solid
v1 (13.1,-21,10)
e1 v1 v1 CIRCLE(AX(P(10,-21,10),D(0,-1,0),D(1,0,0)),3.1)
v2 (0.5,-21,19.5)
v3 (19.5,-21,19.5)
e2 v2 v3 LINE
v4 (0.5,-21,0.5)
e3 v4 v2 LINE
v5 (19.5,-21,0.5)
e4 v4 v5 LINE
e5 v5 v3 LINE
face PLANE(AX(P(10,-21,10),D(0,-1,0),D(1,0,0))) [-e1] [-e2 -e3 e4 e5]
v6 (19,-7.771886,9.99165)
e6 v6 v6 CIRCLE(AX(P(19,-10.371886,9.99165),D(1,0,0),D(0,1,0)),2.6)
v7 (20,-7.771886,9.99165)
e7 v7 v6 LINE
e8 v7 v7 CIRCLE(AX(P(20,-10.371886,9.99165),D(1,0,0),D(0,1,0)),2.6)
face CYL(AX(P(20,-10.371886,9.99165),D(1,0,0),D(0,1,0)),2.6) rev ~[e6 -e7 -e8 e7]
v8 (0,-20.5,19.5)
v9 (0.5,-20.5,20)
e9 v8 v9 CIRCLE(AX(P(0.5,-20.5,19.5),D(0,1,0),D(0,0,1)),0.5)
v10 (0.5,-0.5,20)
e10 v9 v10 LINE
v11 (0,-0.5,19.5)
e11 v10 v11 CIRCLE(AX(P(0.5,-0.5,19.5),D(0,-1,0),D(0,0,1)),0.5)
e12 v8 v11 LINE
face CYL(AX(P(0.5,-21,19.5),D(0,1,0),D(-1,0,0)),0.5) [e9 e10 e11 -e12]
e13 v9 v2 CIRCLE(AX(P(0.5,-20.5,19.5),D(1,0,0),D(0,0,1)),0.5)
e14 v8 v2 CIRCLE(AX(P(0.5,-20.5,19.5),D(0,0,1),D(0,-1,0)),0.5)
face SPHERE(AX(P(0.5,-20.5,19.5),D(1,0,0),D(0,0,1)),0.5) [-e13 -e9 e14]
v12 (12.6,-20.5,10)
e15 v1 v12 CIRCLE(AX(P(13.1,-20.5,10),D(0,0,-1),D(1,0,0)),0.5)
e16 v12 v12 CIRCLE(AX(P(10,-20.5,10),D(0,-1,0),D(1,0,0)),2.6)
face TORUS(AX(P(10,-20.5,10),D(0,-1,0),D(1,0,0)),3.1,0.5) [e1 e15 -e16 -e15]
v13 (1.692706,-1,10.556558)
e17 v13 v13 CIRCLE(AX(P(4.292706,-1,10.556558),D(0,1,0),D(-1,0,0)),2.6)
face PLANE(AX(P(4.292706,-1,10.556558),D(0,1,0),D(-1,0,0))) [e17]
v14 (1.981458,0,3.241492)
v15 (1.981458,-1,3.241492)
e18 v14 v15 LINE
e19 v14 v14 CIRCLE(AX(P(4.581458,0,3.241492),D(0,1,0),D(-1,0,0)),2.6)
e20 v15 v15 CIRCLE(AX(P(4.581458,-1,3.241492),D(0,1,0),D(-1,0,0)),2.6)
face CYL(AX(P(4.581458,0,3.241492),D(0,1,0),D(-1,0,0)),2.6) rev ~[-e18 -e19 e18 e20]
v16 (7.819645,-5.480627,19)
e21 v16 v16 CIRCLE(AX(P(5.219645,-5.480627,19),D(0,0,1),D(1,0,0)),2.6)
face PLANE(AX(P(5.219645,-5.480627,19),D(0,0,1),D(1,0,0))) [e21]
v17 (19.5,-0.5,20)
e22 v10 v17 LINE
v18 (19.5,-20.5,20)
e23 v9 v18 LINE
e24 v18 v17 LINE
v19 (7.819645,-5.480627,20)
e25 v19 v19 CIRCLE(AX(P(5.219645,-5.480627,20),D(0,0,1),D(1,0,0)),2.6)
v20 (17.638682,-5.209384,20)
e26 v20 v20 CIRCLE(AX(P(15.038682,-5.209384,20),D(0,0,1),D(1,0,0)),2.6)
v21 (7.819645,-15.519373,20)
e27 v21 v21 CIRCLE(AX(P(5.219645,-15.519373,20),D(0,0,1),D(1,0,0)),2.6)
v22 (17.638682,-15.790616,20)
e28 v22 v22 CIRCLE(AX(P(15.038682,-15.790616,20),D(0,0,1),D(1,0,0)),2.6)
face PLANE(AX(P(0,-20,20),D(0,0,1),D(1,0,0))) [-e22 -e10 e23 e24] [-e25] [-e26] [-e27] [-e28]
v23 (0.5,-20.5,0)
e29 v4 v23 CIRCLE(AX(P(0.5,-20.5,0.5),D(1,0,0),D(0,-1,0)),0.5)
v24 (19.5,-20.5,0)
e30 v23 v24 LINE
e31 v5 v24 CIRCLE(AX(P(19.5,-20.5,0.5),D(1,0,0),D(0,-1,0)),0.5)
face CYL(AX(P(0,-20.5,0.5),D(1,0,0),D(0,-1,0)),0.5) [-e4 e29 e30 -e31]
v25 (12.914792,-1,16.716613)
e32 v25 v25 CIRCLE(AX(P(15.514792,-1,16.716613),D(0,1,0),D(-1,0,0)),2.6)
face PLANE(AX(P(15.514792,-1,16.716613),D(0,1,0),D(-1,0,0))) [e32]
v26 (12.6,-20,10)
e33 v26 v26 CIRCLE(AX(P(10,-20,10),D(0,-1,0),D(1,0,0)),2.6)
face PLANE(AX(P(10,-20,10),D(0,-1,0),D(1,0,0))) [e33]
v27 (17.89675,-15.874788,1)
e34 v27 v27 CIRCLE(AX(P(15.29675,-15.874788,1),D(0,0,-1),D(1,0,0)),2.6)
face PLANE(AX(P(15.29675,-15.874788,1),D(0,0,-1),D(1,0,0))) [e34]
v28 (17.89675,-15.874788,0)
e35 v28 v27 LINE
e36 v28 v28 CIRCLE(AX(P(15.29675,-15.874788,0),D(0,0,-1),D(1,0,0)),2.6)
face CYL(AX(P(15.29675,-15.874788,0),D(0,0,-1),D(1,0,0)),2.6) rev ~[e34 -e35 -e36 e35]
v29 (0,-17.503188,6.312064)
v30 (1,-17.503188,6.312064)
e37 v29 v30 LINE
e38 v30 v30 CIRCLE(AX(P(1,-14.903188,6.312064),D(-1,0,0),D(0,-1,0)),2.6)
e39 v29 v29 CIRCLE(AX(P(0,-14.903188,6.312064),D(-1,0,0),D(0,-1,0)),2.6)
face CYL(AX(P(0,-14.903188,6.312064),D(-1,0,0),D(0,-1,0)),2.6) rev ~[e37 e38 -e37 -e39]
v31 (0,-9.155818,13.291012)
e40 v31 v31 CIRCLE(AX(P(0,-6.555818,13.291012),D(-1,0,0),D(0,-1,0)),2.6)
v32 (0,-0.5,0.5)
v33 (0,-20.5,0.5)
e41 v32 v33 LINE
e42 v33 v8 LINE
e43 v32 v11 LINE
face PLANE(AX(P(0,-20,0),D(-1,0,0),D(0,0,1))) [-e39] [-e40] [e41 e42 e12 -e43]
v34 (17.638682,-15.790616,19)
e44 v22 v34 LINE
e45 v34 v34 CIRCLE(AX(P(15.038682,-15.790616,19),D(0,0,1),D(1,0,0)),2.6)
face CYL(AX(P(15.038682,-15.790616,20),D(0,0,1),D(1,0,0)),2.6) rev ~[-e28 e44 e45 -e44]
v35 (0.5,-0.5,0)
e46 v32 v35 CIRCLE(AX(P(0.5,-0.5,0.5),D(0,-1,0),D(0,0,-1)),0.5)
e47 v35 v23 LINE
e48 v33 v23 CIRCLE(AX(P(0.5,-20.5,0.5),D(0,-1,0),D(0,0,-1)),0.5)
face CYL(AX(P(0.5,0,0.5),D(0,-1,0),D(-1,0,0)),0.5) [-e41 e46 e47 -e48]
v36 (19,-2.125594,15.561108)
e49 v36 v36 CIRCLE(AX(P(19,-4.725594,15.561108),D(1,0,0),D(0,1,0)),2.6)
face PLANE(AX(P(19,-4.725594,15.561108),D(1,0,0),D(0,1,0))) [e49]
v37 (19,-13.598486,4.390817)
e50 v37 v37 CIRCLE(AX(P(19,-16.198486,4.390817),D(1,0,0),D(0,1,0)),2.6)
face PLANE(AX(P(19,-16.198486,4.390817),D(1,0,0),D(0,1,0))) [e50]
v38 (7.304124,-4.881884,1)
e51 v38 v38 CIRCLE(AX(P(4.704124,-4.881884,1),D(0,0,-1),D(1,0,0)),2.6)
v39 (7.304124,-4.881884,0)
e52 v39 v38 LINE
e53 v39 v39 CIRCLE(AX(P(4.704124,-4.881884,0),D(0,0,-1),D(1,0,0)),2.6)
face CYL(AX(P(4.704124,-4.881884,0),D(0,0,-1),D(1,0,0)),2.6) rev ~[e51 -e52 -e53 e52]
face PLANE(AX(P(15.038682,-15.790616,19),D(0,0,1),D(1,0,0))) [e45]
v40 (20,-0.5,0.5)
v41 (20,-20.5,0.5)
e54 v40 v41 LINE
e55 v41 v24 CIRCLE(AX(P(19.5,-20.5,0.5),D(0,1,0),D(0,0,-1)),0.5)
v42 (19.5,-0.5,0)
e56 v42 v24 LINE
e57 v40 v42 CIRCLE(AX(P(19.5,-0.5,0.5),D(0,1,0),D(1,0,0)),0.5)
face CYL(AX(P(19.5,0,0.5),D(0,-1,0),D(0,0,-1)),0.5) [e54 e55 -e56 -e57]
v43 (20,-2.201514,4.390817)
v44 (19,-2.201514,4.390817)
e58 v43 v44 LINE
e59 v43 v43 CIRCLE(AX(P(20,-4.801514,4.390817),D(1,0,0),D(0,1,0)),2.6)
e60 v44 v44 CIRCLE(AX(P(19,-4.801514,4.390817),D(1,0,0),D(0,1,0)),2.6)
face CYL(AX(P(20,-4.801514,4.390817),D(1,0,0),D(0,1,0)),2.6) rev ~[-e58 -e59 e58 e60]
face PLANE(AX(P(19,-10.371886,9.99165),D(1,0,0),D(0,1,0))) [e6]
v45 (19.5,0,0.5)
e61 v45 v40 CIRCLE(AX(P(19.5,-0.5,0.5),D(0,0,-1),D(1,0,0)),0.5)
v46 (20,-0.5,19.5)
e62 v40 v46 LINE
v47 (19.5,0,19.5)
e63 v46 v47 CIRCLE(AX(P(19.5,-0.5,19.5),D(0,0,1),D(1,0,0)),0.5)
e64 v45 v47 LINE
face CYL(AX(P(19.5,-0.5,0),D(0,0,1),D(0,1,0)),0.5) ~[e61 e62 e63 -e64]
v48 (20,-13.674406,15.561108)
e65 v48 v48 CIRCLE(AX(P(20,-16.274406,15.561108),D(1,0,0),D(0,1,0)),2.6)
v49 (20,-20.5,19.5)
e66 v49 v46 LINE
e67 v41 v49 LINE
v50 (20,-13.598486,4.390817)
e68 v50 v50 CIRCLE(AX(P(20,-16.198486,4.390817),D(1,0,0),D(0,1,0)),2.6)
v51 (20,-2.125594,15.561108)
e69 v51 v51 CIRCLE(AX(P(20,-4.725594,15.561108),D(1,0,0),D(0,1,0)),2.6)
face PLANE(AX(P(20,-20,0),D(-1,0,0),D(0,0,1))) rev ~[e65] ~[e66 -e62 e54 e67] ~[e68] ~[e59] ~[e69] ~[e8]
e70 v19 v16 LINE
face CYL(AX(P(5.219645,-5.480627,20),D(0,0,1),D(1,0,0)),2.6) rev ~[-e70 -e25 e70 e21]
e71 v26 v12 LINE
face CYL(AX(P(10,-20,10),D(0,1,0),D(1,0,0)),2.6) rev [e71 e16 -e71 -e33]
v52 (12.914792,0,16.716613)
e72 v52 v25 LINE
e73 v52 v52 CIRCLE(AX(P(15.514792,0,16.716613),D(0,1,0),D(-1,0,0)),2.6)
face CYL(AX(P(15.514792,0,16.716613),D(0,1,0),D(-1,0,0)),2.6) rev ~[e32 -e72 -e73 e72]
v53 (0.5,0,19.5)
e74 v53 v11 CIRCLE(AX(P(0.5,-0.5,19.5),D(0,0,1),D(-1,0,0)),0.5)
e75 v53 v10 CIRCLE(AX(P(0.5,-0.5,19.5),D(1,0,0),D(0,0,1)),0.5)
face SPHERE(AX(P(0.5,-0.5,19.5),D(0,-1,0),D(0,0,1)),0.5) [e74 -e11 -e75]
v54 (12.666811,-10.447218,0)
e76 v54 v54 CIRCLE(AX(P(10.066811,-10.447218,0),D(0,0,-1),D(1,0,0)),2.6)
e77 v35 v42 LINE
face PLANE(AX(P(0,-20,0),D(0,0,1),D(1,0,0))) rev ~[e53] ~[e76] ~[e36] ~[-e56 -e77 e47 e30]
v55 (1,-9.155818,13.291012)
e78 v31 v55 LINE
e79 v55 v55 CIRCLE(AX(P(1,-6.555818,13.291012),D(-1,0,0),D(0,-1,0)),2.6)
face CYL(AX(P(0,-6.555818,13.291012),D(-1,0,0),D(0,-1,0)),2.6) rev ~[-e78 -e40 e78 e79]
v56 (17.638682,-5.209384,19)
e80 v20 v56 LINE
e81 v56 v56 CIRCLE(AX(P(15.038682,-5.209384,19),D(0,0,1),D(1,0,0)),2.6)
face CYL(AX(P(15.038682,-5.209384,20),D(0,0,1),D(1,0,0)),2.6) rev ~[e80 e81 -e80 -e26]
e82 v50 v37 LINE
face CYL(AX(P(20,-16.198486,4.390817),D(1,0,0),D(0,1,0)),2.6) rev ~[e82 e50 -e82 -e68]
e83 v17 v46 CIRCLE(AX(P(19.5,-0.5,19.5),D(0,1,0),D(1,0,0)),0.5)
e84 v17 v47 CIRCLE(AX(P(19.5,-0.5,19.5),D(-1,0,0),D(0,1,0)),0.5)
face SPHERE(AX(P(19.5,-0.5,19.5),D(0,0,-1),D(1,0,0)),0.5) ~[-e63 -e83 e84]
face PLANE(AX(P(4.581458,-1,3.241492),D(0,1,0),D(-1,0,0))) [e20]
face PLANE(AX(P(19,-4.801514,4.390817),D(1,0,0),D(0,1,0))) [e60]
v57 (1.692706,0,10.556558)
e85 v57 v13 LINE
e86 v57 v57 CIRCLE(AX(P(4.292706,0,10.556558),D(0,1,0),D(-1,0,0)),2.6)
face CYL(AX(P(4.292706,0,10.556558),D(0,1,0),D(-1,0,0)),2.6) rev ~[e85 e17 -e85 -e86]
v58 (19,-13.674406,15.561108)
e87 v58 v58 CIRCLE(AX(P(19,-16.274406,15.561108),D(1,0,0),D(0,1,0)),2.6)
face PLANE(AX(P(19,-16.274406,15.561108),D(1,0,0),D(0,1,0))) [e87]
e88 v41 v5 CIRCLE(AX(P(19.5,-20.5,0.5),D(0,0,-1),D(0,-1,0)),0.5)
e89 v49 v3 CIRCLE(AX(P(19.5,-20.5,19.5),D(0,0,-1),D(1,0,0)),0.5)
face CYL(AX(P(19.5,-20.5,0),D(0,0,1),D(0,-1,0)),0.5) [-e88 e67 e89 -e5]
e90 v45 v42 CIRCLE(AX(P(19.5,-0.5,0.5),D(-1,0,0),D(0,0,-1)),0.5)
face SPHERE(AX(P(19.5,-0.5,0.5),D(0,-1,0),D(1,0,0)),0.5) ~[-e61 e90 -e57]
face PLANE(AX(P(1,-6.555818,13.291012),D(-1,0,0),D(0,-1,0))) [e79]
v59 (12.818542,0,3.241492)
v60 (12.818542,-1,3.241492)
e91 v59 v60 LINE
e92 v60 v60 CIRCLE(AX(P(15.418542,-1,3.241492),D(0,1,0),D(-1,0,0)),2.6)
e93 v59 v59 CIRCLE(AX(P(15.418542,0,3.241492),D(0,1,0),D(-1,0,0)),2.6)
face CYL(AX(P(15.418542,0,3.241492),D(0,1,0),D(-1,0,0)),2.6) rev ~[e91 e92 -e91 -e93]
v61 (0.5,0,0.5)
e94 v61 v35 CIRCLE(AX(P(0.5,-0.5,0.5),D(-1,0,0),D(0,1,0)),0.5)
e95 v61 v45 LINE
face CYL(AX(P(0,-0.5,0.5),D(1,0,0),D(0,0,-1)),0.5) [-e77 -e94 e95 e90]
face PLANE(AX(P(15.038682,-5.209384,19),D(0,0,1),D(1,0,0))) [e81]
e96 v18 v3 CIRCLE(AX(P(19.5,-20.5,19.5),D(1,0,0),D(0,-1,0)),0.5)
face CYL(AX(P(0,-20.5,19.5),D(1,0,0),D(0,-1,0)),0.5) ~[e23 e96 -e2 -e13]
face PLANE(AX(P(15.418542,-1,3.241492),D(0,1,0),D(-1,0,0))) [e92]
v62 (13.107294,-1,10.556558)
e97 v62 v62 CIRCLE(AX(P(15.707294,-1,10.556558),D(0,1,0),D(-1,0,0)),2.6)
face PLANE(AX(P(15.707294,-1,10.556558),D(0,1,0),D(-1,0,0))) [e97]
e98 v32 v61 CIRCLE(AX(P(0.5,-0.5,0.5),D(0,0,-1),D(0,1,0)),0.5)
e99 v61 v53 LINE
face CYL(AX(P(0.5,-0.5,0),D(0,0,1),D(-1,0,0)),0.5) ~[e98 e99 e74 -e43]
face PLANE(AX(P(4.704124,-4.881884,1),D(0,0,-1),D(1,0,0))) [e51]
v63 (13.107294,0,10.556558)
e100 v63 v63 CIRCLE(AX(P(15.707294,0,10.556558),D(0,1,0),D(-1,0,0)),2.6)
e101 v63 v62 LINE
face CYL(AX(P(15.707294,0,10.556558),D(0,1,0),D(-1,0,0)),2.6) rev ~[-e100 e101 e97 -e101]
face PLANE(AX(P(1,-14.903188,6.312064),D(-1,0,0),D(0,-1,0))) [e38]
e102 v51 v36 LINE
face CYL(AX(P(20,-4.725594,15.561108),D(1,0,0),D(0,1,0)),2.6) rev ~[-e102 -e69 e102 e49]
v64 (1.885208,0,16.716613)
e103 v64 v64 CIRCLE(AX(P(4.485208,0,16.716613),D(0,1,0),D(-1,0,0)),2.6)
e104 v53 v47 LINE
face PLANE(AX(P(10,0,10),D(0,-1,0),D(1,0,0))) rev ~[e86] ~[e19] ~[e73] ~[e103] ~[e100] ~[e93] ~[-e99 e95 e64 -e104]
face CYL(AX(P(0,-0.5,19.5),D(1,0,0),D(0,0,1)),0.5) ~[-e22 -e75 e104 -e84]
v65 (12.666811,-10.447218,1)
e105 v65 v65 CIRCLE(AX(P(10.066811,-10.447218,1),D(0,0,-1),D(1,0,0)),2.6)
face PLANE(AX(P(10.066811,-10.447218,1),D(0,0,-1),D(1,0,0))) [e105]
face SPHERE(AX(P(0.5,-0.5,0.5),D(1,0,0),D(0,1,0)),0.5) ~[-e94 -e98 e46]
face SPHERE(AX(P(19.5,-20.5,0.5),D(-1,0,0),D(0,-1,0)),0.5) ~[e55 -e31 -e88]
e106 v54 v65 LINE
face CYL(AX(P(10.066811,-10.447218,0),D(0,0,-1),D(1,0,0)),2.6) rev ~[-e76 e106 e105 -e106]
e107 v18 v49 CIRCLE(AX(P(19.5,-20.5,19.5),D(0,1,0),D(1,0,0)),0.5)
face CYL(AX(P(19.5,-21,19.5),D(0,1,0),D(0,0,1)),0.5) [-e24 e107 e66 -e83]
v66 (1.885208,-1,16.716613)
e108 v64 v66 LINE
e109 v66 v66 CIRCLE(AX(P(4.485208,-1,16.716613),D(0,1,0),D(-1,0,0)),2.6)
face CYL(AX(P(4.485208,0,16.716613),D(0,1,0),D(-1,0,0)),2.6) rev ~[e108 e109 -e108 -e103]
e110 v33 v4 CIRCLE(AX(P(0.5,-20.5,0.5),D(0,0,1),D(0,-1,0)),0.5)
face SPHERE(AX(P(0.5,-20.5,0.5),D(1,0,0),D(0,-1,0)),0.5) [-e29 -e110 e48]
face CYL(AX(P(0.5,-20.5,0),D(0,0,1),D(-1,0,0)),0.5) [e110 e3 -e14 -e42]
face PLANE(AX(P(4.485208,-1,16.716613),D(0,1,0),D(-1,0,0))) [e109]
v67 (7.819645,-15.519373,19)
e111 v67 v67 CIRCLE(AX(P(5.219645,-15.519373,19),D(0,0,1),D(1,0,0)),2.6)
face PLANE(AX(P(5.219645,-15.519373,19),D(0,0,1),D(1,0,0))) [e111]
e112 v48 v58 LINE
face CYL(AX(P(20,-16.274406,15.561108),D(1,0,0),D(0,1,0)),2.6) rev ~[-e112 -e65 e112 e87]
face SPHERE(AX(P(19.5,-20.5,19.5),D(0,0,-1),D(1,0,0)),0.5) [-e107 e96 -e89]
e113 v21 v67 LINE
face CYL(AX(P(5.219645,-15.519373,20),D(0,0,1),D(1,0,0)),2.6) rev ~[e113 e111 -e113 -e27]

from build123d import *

# Parameters (mm, degrees)
F0_W      = 20
F0_H      = 20
F1_DEPTH  = 20
F2_W      = 20
F2_H      = 20
F2_R      = 2.6
F3_DEPTH  = 1
F4_R      = 2.6
F5_DEPTH  = 1
F6_R      = 2.6
F7_DEPTH  = 1
F9_R      = 2.6
F10_DEPTH = 1
F11_R     = 2.6
F12_DEPTH = 1
F14_R     = 2.6
F15_DEPTH = 1
F16_R     = 0.5


with BuildPart() as f1:
    # F0 (on Front) → F1 (new body)
    with BuildSketch(Plane.XZ):
        with Locations((10, 10)):
            Rectangle(F0_W, F0_H)
    extrude(amount=F1_DEPTH)

    # F2 (on face) → F3 (join)
    with BuildSketch(Plane.XZ.offset(20)):
        with Locations((10, 10)):
            Rectangle(F2_W, F2_H)
        with Locations((10, 10)):
            Circle(F2_R, mode=Mode.SUBTRACT)
    extrude(amount=F3_DEPTH)

    # F4 (on face) → F5 (cut)
    with BuildSketch(Plane(origin=(0, 0, 0), x_dir=(0, -1, 0), z_dir=(-1, 0, 0))):
        with Locations((6.5558182063, 13.2910121384)):
            Circle(F4_R)
        with Locations((14.9031878165, 6.3120640028)):
            Circle(F4_R)
    extrude(amount=-F5_DEPTH, mode=Mode.SUBTRACT)

    # F6 (on face) → F7 (cut)
    with BuildSketch(Plane.XY.offset(20)):
        with Locations((5.2196445889, -5.4806268184)):
            Circle(F6_R)
        with Locations((15.0386817887, -5.2093841219)):
            Circle(F6_R)
        with Locations((5.2196445889, -15.5193731816)):
            Circle(F6_R)
        with Locations((15.0386817887, -15.7906158781)):
            Circle(F6_R)
    extrude(amount=-F7_DEPTH, mode=Mode.SUBTRACT)

    # F9 (on face) → F10 (cut)
    with BuildSketch(Plane(origin=(0, 0, 0), x_dir=(1, 0, 0), z_dir=(0, 0, -1))):
        with Locations((4.7041235123, 4.8818840855)):
            Circle(F9_R)
        with Locations((10.0668108718, 10.4472179903)):
            Circle(F9_R)
        with Locations((15.2967504263, 15.8747877835)):
            Circle(F9_R)
    extrude(amount=-F10_DEPTH, mode=Mode.SUBTRACT)

    # F11 (on face) → F12 (cut)
    with BuildSketch(Plane(origin=(0, 0, 0), x_dir=(-1, 0, 0), z_dir=(0, 1, 0))):
        with Locations((-15.4185416177, 3.2414922025)):
            Circle(F11_R)
        with Locations((-15.7072935253, 10.5565581471)):
            Circle(F11_R)
        with Locations((-15.5147919431, 16.7166125029)):
            Circle(F11_R)
        with Locations((-4.4852080569, 16.7166125029)):
            Circle(F11_R)
        with Locations((-4.2927064747, 10.5565581471)):
            Circle(F11_R)
        with Locations((-4.5814583823, 3.2414922025)):
            Circle(F11_R)
    extrude(amount=-F12_DEPTH, mode=Mode.SUBTRACT)

    # F14 (on face) → F15 (cut)
    with BuildSketch(Plane.YZ.offset(20)):
        with Locations((-16.1984862848, 4.3908170937)):
            Circle(F14_R)
        with Locations((-10.3718864697, 9.9916504576)):
            Circle(F14_R)
        with Locations((-16.2744057865, 15.5611082293)):
            Circle(F14_R)
        with Locations((-4.7255942135, 15.5611082293)):
            Circle(F14_R)
        with Locations((-4.8015137152, 4.3908170937)):
            Circle(F14_R)
    extrude(amount=-F15_DEPTH, mode=Mode.SUBTRACT)

    # F16
    f16_edges = [f1.edges().sort_by_distance(p)[0] for p in [
        (10, -21, 0),
        (20, -21, 10),
        (20, -10.5, 0),
        (20, 0, 10),
        (10, 0, 0),
        (20, -10.5, 20),
        (7.4, -21, 10),
        (10, -21, 20),
        (0, -10.5, 20),
        (10, 0, 20),
        (0, 0, 10),
        (0, -21, 10),
        (0, -10.5, 0),
    ]]
    fillet(f16_edges, radius=F16_R)


solid = f1.part
